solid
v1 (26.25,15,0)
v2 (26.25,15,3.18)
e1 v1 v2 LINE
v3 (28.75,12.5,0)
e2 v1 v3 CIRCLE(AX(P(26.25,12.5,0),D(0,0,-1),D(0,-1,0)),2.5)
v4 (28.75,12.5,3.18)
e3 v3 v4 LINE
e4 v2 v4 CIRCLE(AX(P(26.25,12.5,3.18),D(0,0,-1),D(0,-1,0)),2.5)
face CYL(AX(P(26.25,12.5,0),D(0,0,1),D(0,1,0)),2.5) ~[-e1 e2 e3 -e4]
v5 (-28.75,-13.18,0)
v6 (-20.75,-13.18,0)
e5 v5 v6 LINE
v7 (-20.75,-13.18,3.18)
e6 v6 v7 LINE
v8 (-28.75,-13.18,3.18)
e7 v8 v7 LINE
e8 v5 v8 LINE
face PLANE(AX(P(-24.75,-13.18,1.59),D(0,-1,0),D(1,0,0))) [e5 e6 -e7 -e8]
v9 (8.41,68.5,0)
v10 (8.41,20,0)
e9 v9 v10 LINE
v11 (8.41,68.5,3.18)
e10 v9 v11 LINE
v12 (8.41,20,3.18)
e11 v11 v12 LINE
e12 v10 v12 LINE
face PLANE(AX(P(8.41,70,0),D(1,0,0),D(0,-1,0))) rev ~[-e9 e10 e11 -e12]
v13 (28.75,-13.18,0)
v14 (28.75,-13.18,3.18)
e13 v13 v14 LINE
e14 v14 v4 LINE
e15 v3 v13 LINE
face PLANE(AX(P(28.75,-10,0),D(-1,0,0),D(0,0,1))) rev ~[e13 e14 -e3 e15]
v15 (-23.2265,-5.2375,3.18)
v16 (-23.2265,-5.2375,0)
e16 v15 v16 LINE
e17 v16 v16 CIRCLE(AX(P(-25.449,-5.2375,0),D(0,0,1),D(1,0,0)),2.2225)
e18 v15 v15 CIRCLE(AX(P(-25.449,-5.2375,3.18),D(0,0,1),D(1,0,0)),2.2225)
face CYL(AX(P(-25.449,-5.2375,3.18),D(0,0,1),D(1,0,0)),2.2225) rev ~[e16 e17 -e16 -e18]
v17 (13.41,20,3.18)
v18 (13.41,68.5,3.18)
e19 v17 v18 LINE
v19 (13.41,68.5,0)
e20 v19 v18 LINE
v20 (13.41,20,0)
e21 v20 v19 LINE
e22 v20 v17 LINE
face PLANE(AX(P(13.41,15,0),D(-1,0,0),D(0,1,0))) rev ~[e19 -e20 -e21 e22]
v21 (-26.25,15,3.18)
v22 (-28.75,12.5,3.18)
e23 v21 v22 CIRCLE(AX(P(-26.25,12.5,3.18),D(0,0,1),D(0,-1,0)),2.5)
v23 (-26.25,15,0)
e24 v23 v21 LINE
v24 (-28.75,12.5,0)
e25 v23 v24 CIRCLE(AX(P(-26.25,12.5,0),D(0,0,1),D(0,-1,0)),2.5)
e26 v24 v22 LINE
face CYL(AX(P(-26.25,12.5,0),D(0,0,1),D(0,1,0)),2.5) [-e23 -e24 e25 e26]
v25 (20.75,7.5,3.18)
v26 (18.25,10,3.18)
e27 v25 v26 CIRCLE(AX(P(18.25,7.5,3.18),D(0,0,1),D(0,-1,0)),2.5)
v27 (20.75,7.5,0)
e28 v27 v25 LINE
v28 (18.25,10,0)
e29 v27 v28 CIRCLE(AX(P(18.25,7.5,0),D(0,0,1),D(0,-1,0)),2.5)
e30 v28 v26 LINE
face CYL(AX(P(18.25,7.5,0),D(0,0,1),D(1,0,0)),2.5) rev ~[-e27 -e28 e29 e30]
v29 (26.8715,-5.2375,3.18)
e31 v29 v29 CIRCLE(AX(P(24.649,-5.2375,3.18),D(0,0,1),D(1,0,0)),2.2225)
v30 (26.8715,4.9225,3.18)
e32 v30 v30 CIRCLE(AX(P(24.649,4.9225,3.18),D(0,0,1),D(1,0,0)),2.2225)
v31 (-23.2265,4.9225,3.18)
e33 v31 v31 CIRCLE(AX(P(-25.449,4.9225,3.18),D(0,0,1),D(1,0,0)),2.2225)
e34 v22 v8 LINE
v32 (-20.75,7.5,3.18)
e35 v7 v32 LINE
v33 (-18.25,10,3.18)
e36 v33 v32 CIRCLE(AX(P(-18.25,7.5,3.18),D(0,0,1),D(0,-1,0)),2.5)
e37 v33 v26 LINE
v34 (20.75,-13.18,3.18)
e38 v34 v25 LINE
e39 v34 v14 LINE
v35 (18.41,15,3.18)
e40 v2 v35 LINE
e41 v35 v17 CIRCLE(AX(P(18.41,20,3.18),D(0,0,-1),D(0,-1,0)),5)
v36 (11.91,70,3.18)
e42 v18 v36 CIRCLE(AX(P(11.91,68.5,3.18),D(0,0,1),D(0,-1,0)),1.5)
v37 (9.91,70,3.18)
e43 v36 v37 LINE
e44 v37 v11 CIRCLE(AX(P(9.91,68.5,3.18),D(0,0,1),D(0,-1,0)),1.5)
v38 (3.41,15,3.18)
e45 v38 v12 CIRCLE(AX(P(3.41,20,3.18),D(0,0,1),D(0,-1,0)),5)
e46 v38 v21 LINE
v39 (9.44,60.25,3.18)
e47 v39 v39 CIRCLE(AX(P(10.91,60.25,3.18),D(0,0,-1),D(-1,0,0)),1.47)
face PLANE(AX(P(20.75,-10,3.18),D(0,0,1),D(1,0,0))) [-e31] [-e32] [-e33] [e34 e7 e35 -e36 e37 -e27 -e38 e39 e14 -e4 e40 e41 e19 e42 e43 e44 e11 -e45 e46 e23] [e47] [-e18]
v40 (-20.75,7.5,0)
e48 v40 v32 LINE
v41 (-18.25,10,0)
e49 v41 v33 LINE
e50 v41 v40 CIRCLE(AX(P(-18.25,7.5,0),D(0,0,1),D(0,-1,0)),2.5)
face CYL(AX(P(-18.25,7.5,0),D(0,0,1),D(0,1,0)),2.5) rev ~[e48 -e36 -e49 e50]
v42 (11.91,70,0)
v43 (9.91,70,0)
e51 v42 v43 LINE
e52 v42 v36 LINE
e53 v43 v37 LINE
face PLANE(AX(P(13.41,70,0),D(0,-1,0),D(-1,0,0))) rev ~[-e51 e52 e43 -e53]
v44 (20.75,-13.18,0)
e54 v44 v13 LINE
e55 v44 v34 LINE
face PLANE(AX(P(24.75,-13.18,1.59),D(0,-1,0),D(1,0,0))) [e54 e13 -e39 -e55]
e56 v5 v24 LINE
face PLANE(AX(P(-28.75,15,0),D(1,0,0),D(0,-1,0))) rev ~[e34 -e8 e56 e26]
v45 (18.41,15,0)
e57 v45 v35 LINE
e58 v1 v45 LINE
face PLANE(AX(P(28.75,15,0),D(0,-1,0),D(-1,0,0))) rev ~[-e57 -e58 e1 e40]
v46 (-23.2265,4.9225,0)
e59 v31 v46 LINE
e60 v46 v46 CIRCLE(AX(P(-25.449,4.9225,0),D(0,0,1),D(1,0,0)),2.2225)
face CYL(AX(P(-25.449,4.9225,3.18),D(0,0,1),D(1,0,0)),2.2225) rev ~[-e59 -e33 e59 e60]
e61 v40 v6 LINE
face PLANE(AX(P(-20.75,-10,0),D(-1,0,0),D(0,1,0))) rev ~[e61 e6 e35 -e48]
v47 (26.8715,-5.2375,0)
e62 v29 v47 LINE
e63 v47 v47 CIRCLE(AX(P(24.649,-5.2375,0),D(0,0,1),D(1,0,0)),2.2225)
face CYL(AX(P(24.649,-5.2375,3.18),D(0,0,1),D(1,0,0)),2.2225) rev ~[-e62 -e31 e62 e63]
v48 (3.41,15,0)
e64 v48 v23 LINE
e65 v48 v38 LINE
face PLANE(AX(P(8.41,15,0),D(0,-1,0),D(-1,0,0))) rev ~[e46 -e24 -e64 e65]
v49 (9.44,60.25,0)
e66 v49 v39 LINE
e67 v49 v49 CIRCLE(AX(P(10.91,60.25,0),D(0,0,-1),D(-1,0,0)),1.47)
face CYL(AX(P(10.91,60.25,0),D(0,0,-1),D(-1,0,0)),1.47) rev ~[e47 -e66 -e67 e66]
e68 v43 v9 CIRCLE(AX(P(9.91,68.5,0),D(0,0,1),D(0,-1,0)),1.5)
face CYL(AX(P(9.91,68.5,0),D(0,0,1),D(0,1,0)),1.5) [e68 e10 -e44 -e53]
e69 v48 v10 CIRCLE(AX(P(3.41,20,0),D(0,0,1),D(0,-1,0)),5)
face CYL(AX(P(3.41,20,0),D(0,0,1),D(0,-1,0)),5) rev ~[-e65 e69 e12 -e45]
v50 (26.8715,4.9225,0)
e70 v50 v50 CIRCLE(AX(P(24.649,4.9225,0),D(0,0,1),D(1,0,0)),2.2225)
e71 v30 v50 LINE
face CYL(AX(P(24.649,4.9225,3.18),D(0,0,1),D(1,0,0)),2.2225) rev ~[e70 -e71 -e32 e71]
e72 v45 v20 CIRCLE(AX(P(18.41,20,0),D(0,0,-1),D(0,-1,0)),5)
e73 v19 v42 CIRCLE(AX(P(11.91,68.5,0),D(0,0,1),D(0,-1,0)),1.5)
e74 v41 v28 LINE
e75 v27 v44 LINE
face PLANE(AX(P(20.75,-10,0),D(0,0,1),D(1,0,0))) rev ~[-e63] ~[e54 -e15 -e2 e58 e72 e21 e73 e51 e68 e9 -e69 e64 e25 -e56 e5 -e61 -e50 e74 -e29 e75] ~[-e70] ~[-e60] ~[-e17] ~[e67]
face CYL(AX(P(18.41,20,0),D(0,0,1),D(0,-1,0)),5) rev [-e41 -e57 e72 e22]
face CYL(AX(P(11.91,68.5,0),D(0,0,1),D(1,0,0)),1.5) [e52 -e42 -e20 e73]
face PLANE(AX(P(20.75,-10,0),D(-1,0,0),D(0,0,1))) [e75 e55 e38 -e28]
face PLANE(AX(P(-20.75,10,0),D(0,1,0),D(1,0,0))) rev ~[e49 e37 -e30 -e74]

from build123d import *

# Parameters (mm, degrees)
BOSS_EXTRUDE1_DEPTH = 3.18
SKETCH2_R           = 1.47
CUT_EXTRUDE1_DEPTH  = 76.74084037
SKETCH5_W           = 8
SKETCH5_H           = 3.18
BOSS_EXTRUDE2_DEPTH = 3.18
SKETCH6_R           = 2.2225
CUT_EXTRUDE2_DEPTH  = 76.74084037
FILLET1_R           = 5
FILLET2_R           = 1.5
FILLET3_R           = 2.5


with BuildPart() as part:
    # Sketch1 → Boss-Extrude1 (new body)
    with BuildSketch(Plane.XY):
        Polygon((28.75, 15), (13.41, 15), (13.41, 70), (8.41, 70), (8.41, 15), (-28.75, 15), (-28.75, -10), (-20.75, -10), (-20.75, 10), (20.75, 10), (20.75, -10), (28.75, -10), align=None)
    extrude(amount=BOSS_EXTRUDE1_DEPTH)

    # Sketch2 → Cut-Extrude1 (cut, through all)
    with BuildSketch(Plane(origin=(0, 0, 0), x_dir=(-1, 0, 0), z_dir=(0, 0, -1))):
        with Locations((-10.91, 60.25)):
            Circle(SKETCH2_R)
    extrude(amount=-CUT_EXTRUDE1_DEPTH, mode=Mode.SUBTRACT)

    # Sketch5 → Boss-Extrude2 (add)
    with BuildSketch(Plane.XZ.offset(10)):
        with Locations((24.75, 1.59)):
            Rectangle(SKETCH5_W, SKETCH5_H)
        with Locations((-24.75, 1.59)):
            Rectangle(SKETCH5_W, SKETCH5_H)
    extrude(amount=BOSS_EXTRUDE2_DEPTH)

    # Sketch6 → Cut-Extrude2 (cut, through all)
    with BuildSketch(Plane.XY.offset(3.18)):
        with Locations((-25.449, 4.9225)):
            Circle(SKETCH6_R)
        with Locations((-25.449, -5.2375)):
            Circle(SKETCH6_R)
        with Locations((24.649, 4.9225)):
            Circle(SKETCH6_R)
        with Locations((24.649, -5.2375)):
            Circle(SKETCH6_R)
    extrude(amount=-CUT_EXTRUDE2_DEPTH, mode=Mode.SUBTRACT)

    # Fillet1
    fillet1_edges = [part.edges().sort_by_distance(p)[0] for p in [
        (8.41, 15, 1.59),
        (13.41, 15, 1.59),
    ]]
    fillet(fillet1_edges, radius=FILLET1_R)

    # Fillet2
    fillet2_edges = [part.edges().sort_by_distance(p)[0] for p in [
        (8.41, 70, 1.59),
        (13.41, 70, 1.59),
    ]]
    fillet(fillet2_edges, radius=FILLET2_R)

    # Fillet3
    fillet3_edges = [part.edges().sort_by_distance(p)[0] for p in [
        (28.75, 15, 1.59),
        (20.75, 10, 1.59),
        (-20.75, 10, 1.59),
        (-28.75, 15, 1.59),
    ]]
    fillet(fillet3_edges, radius=FILLET3_R)


solid = part.part
